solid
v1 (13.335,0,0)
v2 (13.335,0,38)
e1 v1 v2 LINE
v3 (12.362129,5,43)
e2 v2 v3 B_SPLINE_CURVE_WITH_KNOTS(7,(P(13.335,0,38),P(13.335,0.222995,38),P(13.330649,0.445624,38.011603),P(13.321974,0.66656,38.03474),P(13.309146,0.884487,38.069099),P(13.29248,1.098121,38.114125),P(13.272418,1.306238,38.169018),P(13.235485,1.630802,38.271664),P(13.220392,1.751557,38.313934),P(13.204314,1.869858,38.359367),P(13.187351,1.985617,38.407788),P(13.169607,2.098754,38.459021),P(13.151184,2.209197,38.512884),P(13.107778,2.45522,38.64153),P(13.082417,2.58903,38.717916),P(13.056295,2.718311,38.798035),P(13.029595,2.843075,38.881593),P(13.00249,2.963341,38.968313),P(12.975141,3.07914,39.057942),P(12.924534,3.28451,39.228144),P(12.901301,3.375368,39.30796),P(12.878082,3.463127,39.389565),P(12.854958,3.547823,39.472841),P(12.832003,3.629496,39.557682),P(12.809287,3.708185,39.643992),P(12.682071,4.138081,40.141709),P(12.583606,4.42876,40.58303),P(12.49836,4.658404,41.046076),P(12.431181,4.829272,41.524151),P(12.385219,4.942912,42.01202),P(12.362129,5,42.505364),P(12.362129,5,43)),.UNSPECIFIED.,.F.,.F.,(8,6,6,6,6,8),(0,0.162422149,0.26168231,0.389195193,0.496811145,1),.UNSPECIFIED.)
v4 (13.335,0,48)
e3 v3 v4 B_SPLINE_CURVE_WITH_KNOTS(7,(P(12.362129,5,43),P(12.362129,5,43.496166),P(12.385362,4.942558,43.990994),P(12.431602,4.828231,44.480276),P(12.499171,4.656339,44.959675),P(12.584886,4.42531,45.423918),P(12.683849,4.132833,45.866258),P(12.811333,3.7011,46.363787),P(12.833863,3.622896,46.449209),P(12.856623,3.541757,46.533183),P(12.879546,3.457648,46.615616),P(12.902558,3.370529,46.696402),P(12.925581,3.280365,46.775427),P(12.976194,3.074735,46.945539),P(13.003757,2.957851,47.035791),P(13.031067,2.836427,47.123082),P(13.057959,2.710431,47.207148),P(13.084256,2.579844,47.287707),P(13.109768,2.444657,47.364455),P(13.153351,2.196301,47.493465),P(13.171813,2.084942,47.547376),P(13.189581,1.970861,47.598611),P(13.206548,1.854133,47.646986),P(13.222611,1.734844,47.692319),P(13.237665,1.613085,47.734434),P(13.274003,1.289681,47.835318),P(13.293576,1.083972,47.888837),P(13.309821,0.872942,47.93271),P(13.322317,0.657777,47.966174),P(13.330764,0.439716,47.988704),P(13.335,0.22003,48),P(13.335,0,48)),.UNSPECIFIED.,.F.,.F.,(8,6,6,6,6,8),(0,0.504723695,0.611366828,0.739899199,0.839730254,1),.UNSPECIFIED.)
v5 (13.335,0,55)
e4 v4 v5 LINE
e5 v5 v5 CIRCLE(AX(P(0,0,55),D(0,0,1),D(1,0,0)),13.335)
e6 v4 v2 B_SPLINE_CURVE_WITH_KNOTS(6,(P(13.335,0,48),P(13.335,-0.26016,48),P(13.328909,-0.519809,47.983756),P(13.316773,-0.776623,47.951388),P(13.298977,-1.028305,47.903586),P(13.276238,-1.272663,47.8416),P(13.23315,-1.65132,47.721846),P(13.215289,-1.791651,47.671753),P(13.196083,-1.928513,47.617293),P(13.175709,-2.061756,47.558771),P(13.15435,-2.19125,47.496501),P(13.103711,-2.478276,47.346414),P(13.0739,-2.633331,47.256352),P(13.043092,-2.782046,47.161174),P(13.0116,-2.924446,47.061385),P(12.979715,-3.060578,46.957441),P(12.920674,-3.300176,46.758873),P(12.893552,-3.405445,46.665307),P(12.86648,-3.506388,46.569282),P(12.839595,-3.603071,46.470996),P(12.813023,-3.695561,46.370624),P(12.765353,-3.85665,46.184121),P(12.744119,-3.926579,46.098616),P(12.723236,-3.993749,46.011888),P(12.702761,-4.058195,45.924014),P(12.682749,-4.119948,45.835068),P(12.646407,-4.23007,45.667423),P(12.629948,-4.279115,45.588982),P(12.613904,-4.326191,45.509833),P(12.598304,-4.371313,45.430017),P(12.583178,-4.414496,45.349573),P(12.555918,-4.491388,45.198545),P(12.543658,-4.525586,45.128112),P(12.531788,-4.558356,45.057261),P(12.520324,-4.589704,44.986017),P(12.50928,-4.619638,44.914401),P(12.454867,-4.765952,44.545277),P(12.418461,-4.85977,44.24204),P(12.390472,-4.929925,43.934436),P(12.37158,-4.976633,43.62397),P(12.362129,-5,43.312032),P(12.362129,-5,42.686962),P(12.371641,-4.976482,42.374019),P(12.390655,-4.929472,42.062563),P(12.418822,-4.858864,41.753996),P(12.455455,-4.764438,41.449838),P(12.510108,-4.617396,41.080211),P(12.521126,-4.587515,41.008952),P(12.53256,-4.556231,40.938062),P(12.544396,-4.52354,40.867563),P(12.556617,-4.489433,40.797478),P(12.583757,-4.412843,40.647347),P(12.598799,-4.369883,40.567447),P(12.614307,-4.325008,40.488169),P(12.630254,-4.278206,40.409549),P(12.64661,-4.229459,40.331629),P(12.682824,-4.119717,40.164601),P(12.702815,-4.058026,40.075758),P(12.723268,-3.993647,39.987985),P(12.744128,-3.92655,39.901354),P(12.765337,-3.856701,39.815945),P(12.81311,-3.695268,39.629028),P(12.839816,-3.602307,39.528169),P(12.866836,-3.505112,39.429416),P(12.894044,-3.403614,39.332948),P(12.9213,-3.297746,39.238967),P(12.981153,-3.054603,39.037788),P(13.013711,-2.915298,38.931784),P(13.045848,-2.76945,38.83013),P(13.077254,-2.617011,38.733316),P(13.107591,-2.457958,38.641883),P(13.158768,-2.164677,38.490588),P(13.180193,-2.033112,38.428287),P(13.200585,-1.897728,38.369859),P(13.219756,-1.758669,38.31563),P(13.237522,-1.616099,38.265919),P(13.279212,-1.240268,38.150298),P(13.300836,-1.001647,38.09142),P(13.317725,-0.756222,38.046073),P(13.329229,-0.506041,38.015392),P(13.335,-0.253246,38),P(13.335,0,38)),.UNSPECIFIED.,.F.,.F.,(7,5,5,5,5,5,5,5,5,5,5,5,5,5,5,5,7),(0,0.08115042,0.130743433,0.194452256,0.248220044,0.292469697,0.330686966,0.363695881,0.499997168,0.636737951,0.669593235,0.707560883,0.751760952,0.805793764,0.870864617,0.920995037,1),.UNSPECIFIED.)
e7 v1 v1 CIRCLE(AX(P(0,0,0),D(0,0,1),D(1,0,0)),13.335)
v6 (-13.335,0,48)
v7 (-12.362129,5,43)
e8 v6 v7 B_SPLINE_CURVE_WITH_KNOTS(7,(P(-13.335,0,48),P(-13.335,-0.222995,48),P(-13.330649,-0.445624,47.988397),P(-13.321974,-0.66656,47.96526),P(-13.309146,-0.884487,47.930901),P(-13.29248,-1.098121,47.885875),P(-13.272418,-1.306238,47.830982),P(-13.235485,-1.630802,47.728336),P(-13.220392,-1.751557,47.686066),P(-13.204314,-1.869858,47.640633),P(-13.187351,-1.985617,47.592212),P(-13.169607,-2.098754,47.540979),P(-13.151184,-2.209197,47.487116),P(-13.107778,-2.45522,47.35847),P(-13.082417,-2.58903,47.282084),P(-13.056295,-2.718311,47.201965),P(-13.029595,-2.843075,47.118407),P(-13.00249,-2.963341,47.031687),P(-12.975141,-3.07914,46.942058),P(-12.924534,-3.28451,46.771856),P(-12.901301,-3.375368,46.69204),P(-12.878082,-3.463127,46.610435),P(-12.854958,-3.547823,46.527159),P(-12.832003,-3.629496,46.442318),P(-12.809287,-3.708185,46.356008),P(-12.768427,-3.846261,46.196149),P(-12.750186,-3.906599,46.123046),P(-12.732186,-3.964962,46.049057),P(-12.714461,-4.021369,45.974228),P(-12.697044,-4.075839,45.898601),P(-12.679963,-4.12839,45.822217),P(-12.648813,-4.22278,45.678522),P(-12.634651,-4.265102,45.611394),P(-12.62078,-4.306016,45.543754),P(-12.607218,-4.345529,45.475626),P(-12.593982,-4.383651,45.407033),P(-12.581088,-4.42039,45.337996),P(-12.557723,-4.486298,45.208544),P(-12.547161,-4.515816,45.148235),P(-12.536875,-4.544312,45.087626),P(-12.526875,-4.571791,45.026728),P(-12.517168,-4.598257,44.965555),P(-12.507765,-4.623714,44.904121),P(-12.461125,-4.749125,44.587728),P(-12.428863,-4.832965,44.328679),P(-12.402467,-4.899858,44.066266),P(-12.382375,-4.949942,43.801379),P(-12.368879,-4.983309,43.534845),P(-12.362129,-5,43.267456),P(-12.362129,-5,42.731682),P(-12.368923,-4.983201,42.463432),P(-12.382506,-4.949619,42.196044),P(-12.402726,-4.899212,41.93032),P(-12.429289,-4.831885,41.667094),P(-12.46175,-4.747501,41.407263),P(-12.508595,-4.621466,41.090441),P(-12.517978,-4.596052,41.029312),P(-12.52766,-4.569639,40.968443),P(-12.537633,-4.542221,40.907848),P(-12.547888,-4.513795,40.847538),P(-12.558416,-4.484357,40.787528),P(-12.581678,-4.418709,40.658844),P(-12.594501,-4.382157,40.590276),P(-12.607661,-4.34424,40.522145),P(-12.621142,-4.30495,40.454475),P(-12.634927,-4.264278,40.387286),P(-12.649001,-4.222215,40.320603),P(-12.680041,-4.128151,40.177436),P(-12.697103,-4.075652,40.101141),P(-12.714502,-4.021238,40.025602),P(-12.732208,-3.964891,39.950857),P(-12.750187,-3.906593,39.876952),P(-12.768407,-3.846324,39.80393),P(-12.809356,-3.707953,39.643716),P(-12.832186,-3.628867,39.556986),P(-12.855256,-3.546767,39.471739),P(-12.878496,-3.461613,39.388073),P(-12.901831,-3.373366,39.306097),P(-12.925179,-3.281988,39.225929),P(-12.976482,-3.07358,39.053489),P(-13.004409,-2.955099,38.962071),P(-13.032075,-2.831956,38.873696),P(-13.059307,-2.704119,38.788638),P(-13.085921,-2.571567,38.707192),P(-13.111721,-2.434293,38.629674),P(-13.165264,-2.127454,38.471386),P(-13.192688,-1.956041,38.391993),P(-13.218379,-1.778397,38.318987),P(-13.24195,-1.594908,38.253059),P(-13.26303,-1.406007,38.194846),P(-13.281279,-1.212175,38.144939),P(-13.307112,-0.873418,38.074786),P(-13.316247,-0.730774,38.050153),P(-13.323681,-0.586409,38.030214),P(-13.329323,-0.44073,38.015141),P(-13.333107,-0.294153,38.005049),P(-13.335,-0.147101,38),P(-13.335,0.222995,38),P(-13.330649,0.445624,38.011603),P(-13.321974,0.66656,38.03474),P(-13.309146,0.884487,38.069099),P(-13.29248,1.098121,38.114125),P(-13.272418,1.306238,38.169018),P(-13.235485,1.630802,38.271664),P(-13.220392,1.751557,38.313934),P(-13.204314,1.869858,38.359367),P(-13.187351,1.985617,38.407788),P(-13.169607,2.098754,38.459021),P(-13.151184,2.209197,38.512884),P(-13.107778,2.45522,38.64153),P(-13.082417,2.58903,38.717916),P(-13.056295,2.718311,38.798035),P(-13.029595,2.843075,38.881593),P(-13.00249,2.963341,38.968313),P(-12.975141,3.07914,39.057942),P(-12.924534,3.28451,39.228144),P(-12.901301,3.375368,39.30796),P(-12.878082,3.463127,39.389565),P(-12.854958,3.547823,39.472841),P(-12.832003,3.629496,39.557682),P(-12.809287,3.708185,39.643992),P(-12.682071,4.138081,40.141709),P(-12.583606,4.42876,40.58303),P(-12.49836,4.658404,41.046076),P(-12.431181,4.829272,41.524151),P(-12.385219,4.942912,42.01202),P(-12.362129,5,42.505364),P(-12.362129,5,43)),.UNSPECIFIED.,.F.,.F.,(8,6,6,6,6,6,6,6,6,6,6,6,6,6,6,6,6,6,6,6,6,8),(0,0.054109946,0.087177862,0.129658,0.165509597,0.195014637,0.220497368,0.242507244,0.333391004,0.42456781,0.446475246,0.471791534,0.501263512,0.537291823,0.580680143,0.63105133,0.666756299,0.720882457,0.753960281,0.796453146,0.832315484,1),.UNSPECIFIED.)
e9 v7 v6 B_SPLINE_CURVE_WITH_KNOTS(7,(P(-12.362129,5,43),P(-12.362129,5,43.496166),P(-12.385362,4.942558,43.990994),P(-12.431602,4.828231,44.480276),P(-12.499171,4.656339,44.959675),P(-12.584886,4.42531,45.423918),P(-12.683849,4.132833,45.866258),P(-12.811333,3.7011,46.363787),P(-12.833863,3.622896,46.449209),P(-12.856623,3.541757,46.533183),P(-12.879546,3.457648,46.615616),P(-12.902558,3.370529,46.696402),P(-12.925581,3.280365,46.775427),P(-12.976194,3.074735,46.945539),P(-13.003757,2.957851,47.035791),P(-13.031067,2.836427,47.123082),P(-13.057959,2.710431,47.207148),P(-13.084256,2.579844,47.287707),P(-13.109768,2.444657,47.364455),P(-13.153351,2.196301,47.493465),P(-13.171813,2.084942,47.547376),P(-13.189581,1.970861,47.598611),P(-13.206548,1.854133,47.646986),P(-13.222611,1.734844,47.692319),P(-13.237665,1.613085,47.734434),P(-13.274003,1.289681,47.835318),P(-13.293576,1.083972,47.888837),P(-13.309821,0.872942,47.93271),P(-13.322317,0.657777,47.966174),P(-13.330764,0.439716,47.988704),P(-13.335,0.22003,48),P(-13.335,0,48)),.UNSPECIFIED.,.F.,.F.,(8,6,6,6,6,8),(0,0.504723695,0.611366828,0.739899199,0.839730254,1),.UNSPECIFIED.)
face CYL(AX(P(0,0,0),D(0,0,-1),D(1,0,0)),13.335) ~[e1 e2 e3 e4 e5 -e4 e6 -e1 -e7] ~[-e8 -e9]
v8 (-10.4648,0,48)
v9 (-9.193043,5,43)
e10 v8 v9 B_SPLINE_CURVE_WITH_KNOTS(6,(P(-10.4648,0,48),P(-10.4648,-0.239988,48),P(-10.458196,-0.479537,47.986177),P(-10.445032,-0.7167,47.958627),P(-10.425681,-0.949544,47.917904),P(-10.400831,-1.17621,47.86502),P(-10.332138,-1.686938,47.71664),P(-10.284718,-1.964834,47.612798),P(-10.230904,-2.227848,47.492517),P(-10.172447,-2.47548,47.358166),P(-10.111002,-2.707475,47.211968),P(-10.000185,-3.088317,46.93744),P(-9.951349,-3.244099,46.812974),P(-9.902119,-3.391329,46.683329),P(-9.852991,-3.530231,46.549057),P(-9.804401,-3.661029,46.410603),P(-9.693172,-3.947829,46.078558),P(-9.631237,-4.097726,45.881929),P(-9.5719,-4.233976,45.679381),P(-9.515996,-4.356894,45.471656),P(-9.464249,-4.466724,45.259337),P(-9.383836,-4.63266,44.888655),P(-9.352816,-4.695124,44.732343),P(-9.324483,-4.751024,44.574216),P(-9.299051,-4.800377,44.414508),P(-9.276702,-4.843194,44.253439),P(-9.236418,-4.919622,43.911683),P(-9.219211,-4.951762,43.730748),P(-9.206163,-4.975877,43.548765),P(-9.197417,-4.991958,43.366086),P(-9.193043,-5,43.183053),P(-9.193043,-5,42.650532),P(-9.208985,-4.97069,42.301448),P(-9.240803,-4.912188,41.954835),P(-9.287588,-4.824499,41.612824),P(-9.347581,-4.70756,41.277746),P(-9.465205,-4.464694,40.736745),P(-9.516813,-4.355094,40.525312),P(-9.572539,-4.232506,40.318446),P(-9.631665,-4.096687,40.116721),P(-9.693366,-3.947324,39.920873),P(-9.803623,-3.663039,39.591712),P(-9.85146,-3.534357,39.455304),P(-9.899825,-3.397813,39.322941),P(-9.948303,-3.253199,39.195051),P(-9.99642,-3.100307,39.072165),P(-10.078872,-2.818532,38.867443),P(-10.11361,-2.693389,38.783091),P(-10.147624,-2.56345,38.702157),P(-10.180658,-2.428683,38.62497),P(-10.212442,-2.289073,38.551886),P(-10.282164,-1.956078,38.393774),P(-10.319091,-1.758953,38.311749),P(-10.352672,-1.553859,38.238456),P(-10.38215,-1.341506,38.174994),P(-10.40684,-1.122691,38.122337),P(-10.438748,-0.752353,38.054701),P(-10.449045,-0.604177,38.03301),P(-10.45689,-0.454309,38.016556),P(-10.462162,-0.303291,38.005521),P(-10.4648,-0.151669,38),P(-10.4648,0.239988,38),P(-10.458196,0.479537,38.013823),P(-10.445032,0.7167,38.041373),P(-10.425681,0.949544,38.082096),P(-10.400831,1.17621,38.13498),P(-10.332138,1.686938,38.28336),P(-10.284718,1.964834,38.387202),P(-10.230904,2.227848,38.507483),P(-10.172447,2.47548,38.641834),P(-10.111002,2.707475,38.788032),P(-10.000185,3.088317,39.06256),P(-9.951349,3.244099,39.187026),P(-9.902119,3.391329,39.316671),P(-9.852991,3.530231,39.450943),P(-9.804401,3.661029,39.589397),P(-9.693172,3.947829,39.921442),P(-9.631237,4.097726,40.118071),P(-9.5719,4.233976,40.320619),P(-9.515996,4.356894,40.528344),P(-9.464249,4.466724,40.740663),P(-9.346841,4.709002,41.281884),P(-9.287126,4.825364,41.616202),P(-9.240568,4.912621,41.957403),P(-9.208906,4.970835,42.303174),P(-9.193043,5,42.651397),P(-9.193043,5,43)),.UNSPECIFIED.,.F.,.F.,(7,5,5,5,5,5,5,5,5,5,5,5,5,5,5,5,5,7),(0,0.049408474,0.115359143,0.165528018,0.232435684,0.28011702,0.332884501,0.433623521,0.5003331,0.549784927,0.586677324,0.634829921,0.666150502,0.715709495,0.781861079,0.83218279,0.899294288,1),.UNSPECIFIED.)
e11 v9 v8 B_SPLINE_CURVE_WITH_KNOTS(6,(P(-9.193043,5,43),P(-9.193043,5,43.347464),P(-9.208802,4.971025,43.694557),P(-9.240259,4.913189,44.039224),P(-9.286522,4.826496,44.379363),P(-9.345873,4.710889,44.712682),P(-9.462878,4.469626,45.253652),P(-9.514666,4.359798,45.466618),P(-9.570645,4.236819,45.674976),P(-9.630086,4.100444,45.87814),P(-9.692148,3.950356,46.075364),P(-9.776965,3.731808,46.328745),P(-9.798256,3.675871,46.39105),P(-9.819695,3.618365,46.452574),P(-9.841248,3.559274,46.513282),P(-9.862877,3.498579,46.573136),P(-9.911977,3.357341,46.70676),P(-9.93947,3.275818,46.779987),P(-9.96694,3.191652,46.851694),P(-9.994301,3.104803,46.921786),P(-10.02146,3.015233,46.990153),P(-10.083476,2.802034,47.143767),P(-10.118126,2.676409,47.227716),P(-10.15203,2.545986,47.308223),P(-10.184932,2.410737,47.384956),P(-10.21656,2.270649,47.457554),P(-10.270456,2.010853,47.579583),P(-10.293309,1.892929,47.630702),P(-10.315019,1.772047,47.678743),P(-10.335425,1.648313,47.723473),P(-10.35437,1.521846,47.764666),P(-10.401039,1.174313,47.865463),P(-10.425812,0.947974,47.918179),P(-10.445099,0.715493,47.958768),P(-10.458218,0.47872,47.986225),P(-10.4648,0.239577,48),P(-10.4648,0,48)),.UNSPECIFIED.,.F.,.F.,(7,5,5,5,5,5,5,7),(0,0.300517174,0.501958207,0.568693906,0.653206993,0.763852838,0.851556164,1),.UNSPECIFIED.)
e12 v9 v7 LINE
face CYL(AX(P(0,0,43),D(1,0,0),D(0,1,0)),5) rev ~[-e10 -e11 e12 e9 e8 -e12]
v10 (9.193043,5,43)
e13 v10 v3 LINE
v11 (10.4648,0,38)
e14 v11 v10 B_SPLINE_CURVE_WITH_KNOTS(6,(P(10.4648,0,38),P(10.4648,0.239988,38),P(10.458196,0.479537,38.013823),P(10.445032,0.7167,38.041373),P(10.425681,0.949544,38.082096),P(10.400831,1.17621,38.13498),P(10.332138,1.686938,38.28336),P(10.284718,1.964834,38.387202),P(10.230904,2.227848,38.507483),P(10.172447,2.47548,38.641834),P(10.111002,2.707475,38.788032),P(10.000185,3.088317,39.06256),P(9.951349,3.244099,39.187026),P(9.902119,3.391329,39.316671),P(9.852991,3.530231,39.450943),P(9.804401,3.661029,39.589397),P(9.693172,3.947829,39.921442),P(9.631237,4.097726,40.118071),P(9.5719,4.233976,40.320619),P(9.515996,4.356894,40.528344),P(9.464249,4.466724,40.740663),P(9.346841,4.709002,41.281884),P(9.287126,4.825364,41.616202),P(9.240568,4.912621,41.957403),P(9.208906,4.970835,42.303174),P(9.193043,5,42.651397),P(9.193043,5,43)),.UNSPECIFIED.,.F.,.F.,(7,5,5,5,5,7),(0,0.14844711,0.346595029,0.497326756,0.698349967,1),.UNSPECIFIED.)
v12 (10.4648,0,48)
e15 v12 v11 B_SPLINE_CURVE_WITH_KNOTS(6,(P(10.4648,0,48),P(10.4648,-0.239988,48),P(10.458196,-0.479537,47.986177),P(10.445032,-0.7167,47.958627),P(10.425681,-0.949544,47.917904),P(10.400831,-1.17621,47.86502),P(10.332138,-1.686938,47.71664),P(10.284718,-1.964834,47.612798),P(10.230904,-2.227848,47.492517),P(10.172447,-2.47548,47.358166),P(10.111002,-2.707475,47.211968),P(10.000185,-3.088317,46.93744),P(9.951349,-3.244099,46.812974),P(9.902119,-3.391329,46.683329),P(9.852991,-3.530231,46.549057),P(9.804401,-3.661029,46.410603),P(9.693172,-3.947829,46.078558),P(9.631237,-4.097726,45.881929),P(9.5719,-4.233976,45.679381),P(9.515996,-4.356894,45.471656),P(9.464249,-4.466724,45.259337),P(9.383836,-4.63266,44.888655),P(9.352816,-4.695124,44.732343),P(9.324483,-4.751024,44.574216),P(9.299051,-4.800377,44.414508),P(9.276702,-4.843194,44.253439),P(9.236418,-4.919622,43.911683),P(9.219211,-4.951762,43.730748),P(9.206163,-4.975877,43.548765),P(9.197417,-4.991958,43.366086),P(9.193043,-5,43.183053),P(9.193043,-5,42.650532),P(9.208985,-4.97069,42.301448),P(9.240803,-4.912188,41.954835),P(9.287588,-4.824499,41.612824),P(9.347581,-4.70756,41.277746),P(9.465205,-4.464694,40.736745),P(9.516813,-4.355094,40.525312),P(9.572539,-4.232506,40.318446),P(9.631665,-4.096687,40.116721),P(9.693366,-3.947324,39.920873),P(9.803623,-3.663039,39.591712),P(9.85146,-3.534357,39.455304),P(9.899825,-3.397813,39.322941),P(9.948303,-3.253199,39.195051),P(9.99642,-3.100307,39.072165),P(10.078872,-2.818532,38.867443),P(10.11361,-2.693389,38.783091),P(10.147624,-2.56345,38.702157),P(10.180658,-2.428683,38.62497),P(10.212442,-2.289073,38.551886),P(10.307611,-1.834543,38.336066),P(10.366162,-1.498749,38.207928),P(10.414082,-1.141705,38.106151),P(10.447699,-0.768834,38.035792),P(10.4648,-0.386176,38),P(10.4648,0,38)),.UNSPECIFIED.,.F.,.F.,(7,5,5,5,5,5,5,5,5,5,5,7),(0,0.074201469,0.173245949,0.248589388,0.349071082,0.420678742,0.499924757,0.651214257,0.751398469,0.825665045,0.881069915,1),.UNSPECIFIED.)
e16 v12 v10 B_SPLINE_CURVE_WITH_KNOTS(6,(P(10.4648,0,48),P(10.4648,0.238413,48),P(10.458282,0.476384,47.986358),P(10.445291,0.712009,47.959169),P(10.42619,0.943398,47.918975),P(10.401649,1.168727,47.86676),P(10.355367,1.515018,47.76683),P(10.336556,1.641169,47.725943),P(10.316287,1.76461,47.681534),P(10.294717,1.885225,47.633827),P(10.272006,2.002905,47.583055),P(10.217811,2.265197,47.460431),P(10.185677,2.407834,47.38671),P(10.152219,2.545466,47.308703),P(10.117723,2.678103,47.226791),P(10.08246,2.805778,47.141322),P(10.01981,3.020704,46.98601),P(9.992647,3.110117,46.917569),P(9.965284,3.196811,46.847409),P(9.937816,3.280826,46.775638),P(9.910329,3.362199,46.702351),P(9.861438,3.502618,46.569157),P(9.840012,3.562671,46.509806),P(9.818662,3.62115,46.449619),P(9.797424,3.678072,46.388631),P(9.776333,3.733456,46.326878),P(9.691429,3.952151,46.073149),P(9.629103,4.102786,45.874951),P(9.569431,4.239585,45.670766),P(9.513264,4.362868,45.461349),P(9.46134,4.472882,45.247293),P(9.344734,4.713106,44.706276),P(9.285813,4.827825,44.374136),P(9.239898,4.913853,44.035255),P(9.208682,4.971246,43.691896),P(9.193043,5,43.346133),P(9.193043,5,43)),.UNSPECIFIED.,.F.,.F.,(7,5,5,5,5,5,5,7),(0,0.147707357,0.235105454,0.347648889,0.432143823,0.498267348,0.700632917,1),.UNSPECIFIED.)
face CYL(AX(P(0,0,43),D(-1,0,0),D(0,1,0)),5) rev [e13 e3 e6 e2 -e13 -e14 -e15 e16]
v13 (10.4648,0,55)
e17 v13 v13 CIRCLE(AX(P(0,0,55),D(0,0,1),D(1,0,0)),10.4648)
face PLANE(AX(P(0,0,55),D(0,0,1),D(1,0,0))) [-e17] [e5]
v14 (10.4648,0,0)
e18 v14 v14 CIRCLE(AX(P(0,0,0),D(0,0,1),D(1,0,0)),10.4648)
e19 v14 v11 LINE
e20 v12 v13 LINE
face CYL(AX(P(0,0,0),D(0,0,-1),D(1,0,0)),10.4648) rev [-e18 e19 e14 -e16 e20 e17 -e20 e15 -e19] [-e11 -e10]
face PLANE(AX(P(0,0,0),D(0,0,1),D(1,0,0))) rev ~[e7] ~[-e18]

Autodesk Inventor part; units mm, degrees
ref_plane "YZ Plane" through (0, 0, 0) normal (1, 0, 0) x (0, 1, 0)
ref_plane "Start Plane" through (0, 0, 0) normal (0, 0, 1) x (1, 0, 0)
ref_plane "End Plane" through (0, 0, 55) normal (0, 0, 1) x (1, 0, 0)
sketch "Sketch" plane through (0, 0, 0) normal (0, 0, 1) x (1, 0, 0)
  circle A0 centre (0, 0) radius 10.4648
  circle A1 centre (0, 0) radius 13.335
  dimension "d0" = 26.67
  dimension "d1" = 2.8702
extrude "Body" add sketch "Sketch" along normal up to surface (55 mm away) from surface at 0
sketch "Sketch3" plane through (0, 0, 0) normal (0, 0, 1) x (1, 0, 0)
  line L0 (0, 0) -> (10, 0)
ref_plane "Work Plane3" through (0, 0, 0) normal (0, -1, 0) x (1, 0, 0)
sketch "Sketch5" plane through (0, 0, 0) normal (1, 0, 0) x (0, 1, 0)
  line L0 (-13.335, 55) -> (13.335, 55) projected
  line L1 (0, 55) -> (0, 43)
  circle A0 centre (0, 43) radius 5
  point P0 (0, 0)
  dimension "d8" = 12
  dimension "d9" = 10
extrude "Extrusion2" cut sketch "Sketch5" along normal through all both and the other way through all
sketch "Sketch4" plane through (0, 0, 0) normal (0, -1, 0) x (1, 0, 0)
  line L0 (-2, 0) -> (12, 0) projected
  line L1 (-2, 55) -> (12, 55) projected
  dimension "d7" = 55
equation "\"d0\" = G_H"
equation "\"d1\" = G_T"
equation "\"d2\" = G_L"
equation "\"G_H\" = 26.67"
equation "\"G_T\" = 2.8702"
equation "\"G_L\" = d7"
equation "\"G_OFFSET_START\" = 0"
equation "\"G_OFFSET_END\" = 0"
equation "\"d5\" = G_OFFSET_END + B_L"
equation "\"B_L\" = 55"
properties part number "ANSI - 3/4 x 0.113 - 2.165" material "Steel, Mild"
